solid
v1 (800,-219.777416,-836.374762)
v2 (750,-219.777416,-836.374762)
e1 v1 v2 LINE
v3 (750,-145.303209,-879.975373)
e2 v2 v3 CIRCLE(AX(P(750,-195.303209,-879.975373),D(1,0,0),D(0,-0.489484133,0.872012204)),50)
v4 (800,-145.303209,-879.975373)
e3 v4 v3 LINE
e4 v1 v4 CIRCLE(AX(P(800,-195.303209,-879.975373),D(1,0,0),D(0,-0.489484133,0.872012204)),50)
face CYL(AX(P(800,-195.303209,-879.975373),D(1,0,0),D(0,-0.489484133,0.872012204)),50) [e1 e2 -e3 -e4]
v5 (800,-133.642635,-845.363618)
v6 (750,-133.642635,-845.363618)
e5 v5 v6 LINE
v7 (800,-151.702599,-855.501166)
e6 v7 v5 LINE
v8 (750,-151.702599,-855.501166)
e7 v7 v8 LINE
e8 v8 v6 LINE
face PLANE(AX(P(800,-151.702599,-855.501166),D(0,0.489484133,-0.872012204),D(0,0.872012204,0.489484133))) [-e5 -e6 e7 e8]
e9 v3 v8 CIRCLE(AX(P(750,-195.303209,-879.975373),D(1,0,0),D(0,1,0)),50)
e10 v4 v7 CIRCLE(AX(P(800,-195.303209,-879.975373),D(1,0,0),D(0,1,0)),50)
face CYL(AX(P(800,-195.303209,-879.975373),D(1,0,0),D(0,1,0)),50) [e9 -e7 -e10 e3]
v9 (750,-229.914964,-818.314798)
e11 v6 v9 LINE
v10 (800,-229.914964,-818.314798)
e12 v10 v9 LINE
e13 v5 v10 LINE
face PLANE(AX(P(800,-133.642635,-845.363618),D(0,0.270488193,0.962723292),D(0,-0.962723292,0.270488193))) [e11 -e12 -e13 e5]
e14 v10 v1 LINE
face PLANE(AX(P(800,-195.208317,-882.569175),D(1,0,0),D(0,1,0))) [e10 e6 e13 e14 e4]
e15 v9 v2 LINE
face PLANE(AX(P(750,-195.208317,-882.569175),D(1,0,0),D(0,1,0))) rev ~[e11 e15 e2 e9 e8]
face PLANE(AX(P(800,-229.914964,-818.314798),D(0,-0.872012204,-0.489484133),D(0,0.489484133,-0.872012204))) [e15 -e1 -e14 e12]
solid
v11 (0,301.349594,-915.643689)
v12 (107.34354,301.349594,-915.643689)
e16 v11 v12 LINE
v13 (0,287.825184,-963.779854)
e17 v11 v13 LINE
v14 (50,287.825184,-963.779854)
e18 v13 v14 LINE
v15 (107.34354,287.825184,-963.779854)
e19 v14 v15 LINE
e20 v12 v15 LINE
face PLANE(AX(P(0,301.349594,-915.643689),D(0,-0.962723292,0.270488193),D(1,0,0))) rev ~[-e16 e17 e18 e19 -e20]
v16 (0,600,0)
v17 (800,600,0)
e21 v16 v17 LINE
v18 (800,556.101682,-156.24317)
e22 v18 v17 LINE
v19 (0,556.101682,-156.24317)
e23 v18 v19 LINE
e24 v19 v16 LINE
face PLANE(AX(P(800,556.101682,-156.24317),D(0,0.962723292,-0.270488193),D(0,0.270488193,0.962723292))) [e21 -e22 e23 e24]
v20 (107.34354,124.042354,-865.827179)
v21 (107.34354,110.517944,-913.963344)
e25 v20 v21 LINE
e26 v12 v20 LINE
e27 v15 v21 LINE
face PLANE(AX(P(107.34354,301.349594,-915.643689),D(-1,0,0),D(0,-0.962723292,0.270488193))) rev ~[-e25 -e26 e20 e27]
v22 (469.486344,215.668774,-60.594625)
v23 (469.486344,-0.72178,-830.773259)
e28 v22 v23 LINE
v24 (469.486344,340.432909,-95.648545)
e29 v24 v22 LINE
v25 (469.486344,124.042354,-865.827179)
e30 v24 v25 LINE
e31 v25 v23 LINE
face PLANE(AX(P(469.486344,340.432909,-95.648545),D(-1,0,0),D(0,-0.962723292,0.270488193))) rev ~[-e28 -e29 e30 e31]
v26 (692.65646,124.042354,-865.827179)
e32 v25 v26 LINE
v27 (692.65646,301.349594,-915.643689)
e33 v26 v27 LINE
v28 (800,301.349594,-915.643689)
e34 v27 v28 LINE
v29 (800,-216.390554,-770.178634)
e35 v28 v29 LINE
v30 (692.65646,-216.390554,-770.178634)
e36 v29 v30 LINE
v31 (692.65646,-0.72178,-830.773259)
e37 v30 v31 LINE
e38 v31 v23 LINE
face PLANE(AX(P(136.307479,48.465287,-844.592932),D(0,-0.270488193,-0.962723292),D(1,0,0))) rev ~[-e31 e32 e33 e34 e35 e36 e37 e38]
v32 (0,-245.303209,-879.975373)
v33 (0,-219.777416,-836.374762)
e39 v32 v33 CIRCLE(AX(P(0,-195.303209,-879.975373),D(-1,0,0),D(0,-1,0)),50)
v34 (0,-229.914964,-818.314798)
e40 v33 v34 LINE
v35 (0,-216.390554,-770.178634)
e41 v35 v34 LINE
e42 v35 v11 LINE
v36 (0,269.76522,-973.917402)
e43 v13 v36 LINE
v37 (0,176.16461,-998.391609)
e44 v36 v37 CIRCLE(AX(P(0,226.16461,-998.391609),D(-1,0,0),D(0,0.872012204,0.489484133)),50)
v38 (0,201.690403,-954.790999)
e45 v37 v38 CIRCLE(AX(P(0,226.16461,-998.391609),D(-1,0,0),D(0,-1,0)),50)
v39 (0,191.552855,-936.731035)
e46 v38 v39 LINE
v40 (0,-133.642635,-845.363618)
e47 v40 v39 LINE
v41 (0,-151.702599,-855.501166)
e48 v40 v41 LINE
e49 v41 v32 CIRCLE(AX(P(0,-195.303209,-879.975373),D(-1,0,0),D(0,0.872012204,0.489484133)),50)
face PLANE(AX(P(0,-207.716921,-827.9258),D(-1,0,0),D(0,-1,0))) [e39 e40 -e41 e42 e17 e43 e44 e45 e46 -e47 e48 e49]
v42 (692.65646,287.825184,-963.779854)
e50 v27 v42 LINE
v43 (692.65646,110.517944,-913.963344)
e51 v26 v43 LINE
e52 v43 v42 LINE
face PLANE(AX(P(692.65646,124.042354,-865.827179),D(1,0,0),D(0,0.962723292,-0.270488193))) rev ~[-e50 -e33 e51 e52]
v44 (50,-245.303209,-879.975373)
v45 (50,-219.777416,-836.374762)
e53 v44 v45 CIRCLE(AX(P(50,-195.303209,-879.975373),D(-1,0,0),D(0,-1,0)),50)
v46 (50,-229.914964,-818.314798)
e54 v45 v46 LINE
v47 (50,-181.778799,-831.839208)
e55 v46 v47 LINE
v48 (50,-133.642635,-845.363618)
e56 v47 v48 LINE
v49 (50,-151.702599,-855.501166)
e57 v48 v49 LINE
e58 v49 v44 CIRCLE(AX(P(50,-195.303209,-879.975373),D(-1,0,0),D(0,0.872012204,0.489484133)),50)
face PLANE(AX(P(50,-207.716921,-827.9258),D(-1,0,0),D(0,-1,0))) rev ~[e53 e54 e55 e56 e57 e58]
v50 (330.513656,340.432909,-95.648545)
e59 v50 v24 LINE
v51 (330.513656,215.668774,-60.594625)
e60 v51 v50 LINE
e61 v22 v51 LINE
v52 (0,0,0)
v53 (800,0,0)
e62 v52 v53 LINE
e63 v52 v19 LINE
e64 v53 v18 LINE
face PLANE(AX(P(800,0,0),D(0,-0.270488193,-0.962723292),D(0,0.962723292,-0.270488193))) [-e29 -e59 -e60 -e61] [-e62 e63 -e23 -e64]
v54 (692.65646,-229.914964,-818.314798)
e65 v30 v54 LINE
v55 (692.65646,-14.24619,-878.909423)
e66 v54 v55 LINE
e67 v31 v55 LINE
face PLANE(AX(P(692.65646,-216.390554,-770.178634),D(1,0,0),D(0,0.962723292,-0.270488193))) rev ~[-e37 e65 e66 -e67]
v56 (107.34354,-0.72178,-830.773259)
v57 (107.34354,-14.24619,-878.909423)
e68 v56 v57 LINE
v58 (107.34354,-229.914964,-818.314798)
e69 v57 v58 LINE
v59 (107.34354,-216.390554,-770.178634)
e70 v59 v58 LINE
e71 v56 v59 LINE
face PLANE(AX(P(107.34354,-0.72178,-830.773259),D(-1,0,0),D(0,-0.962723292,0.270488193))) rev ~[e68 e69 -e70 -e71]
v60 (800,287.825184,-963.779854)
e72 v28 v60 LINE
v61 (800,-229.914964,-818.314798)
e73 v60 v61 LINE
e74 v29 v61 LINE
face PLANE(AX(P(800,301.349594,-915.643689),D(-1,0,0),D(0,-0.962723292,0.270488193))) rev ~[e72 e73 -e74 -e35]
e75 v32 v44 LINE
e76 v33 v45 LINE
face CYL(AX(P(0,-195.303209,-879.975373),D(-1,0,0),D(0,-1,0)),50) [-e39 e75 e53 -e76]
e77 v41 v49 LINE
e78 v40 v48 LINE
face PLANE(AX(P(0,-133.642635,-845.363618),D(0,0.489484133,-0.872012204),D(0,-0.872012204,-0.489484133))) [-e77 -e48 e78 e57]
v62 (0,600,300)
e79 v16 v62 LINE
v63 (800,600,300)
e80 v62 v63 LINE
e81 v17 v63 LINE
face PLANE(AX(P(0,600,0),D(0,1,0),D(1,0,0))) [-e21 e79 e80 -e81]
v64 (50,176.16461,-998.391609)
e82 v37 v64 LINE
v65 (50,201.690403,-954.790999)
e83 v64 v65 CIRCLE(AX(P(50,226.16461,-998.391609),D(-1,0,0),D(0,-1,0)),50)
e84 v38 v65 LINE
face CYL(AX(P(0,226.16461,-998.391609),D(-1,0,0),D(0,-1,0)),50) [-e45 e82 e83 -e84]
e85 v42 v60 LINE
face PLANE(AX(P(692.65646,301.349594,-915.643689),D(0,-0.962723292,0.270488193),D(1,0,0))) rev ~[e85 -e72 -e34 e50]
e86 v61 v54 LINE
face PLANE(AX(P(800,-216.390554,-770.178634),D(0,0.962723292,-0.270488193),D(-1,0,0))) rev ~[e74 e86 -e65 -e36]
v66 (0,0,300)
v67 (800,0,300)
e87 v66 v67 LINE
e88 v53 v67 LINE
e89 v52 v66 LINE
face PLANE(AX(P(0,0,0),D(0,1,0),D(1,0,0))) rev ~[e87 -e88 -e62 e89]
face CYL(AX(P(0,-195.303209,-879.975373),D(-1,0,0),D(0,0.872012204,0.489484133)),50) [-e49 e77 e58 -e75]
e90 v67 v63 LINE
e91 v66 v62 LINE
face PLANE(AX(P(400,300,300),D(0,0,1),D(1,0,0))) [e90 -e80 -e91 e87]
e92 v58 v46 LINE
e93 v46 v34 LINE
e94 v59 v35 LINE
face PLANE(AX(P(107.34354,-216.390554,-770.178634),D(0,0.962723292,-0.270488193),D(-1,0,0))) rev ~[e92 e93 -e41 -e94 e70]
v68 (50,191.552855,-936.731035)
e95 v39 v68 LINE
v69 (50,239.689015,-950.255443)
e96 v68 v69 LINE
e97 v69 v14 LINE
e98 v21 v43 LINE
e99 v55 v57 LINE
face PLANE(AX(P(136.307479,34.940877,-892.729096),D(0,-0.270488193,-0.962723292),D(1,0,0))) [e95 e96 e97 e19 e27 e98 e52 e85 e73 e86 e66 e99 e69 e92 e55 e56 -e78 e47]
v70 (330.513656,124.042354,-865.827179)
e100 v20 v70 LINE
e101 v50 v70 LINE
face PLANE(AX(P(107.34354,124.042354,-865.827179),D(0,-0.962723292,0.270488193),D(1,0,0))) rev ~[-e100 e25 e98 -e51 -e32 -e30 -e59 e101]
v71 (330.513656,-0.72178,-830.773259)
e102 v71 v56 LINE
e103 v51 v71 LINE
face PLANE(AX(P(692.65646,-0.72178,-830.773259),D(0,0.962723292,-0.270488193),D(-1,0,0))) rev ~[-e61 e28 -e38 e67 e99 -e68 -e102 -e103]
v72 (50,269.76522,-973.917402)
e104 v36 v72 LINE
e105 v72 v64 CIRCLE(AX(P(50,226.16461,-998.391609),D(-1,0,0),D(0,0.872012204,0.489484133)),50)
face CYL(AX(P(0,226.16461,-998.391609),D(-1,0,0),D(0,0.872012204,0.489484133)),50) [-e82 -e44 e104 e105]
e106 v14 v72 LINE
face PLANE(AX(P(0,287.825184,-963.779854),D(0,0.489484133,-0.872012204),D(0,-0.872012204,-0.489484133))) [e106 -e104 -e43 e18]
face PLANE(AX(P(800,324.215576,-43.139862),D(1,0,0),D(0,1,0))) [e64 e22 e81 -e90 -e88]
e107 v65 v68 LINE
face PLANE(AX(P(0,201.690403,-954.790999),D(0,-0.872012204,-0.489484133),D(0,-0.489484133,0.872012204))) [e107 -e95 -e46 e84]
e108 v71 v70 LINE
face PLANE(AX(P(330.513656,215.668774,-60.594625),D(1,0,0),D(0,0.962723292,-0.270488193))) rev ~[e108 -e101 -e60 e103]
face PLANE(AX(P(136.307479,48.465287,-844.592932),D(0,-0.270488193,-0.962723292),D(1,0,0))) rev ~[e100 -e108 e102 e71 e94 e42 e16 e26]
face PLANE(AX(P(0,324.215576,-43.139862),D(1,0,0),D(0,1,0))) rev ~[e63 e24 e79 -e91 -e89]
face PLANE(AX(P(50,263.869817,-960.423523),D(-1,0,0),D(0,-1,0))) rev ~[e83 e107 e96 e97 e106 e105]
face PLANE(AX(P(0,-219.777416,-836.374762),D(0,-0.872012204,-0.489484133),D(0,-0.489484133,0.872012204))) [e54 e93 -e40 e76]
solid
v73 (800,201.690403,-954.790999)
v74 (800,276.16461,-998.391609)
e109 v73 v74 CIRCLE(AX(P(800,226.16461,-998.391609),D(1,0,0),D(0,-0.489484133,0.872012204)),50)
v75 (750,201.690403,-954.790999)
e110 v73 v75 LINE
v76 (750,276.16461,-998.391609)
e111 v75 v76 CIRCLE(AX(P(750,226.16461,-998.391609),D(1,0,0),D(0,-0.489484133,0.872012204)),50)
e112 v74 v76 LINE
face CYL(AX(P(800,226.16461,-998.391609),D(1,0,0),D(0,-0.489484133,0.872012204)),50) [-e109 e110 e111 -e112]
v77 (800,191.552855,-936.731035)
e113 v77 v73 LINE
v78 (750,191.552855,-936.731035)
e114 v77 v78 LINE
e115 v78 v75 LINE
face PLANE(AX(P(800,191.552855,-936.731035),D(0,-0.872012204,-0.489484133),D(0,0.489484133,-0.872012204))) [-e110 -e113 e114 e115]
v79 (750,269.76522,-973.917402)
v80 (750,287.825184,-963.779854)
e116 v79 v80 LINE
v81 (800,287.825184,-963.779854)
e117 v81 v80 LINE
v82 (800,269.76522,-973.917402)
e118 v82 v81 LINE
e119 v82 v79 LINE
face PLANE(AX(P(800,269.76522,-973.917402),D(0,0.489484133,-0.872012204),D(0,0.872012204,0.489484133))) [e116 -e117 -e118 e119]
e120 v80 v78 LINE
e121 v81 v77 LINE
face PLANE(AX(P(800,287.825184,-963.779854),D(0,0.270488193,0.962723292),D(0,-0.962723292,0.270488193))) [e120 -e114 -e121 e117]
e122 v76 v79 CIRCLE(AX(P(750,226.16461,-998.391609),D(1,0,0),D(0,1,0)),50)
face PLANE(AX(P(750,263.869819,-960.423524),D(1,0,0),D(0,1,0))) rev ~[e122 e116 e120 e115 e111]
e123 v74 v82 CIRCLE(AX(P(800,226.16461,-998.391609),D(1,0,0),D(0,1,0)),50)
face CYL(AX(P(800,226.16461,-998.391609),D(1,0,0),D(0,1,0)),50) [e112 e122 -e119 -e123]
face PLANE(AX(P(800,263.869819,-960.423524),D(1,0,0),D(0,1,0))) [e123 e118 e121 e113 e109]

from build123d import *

# Parameters (mm, degrees)
F0_W      = 800
F0_H      = 600
F1_DEPTH  = 300
F3_DEPTH  = 800
F4_W      = 69.4863438606
F4_H      = 64.7975049443
F5_DEPTH  = 800
F7_DEPTH  = 50
F9_DEPTH  = 50
F11_DEPTH = 50


with BuildPart() as f1:
    # F0 (on Top) → F1 (new body)
    with BuildSketch(Plane.XY):
        with Locations((400, 300)):
            Rectangle(F0_W, F0_H)
    extrude(amount=F1_DEPTH)

    # F2 (on face) → F3 (join)
    with BuildSketch(Plane.YZ.offset(800)):
        Polygon((600, 0), (0, 0), (556.1016824686, -156.2431702084), align=None)
    extrude(amount=-F3_DEPTH)

    # F4 (on face) → F5 (join)
    with BuildSketch(Plane(origin=(0, 0, 0), x_dir=(1, 0, 0), z_dir=(0, -0.270488193, -0.9627232923))):
        with Locations((365.2568280697, -256.4182352039)):
            Rectangle(F4_W, F4_H)
        with Locations((434.7431719303, -256.4182352039)):
            Rectangle(F4_W, F4_H)
        with Locations((434.7431719303, -321.2157401482)):
            Rectangle(F4_W, F4_H)
        with Locations((365.2568280697, -321.2157401482)):
            Rectangle(F4_W, F4_H)
    extrude(amount=F5_DEPTH)

    # F6 (on face) → F7 (join)
    with BuildSketch(Plane(origin=(0, -216.3905544, -770.1786338029), x_dir=(1, 0, 0), z_dir=(0, -0.270488193, -0.9627232923))):
        Polygon((107.3435395956, 0), (0, 0), (0, -537.7870798111), (107.3435395956, -537.7870798111), (107.3435395956, -353.6144926203), (330.5136561394, -353.6144926203), (400, -353.6144926203), (400, -224.0194827318), (330.5136561394, -224.0194827318), (107.3435395956, -224.0194827318), align=None)
        Polygon((469.4863438606, -224.0194827318), (400, -224.0194827318), (400, -353.6144926203), (469.4863438606, -353.6144926203), (692.6564604044, -353.6144926203), (692.6564604044, -537.7870798111), (800, -537.7870798111), (800, 0), (692.6564604044, 0), (692.6564604044, -224.0194827318), align=None)
    extrude(amount=F7_DEPTH)

    # F8 (on face) → F9 (join)
    with BuildSketch(Plane(origin=(0, 0, 0), x_dir=(0, -1, 0), z_dir=(-1, 0, 0))):
        with BuildLine():
            Line((219.7774157302, -836.3747624852), (229.91496405, -818.3147984155))
            Line((229.91496405, -818.3147984155), (181.7787994373, -831.8392080655))
            ThreePointArc((181.7787994373, -831.8392080655), (201.2291965173, -830.3277879134), (219.7774157302, -836.3747624852))
        make_face()
        with BuildLine():
            ThreePointArc((151.7025988943, -855.5011660354), (164.3873711275, -840.6789229246), (181.7787994373, -831.8392080655))
            Line((181.7787994373, -831.8392080655), (133.6426348247, -845.3636177156))
            Line((133.6426348247, -845.3636177156), (151.7025988943, -855.5011660354))
        make_face()
        with BuildLine():
            ThreePointArc((219.7774157302, -836.3747624852), (201.2291965173, -830.3277879134), (181.7787994373, -831.8392080655))
            Line((181.7787994373, -831.8392080655), (195.3032090873, -879.9753726782))
            Line((195.3032090873, -879.9753726782), (219.7774157302, -836.3747624852))
        make_face()
        with BuildLine():
            Line((195.3032090873, -879.9753726782), (181.7787994373, -831.8392080655))
            ThreePointArc((181.7787994373, -831.8392080655), (164.3873711275, -840.6789229246), (151.7025988943, -855.5011660354))
            Line((151.7025988943, -855.5011660354), (195.3032090873, -879.9753726782))
        make_face()
        with BuildLine():
            ThreePointArc((245.3032090873, -879.9753726782), (238.4524288494, -854.7138439452), (219.7774157302, -836.3747624852))
            Line((219.7774157302, -836.3747624852), (195.3032090873, -879.9753726782))
            Line((195.3032090873, -879.9753726782), (151.7025988943, -855.5011660354))
            ThreePointArc((151.7025988943, -855.5011660354), (182.6547014609, -928.3490768451), (245.3032090873, -879.9753726782))
        make_face()
        with BuildLine():
            Line((-239.6890150783, -950.2554430038), (-287.8251839572, -963.7798538524))
            Line((-287.8251839572, -963.7798538524), (-269.7652198875, -973.9174021722))
            ThreePointArc((-269.7652198875, -973.9174021722), (-257.0804459129, -959.0951576914), (-239.6890150783, -950.2554430038))
        make_face()
        with BuildLine():
            ThreePointArc((-239.6890150783, -950.2554430038), (-257.0804459129, -959.0951576914), (-269.7652198875, -973.9174021722))
            Line((-269.7652198875, -973.9174021722), (-226.1646096945, -998.3916088151))
            Line((-226.1646096945, -998.3916088151), (-201.6904030516, -954.7909986221))
            ThreePointArc((-201.6904030516, -954.7909986221), (-220.2386200645, -948.7440243129), (-239.6890150783, -950.2554430038))
        make_face()
        with BuildLine():
            Line((-226.1646096945, -998.3916088151), (-269.7652198875, -973.9174021722))
            ThreePointArc((-269.7652198875, -973.9174021722), (-238.8131173209, -1046.765312982), (-176.1646096945, -998.3916088151))
            ThreePointArc((-176.1646096945, -998.3916088151), (-183.0153899325, -973.1300800821), (-201.6904030516, -954.7909986221))
            Line((-201.6904030516, -954.7909986221), (-226.1646096945, -998.3916088151))
        make_face()
        with BuildLine():
            Line((-191.5528547318, -936.7310345524), (-239.6890150783, -950.2554430038))
            ThreePointArc((-239.6890150783, -950.2554430038), (-220.2386200645, -948.7440243129), (-201.6904030516, -954.7909986221))
            Line((-201.6904030516, -954.7909986221), (-191.5528547318, -936.7310345524))
        make_face()
    extrude(amount=-F9_DEPTH)


with BuildPart() as f11:
    # F10 (on face) → F11 (new body)
    with BuildSketch(Plane.YZ.offset(800)):
        with BuildLine():
            Line((269.7652198875, -973.9174021722), (287.8251839572, -963.7798538524))
            Line((287.8251839572, -963.7798538524), (239.6890193445, -950.2554442024))
            ThreePointArc((239.6890193445, -950.2554442024), (257.0804476543, -959.0951590614), (269.7652198875, -973.9174021722))
        make_face()
        with BuildLine():
            ThreePointArc((201.6904030516, -954.7909986221), (220.2386222645, -948.7440240503), (239.6890193445, -950.2554442024))
            Line((239.6890193445, -950.2554442024), (191.5528547318, -936.7310345524))
            Line((191.5528547318, -936.7310345524), (201.6904030516, -954.7909986221))
        make_face()
        with BuildLine():
            ThreePointArc((269.7652198875, -973.9174021722), (257.0804476543, -959.0951590614), (239.6890193445, -950.2554442024))
            Line((239.6890193445, -950.2554442024), (226.1646096945, -998.3916088151))
            Line((226.1646096945, -998.3916088151), (269.7652198875, -973.9174021722))
        make_face()
        with BuildLine():
            Line((226.1646096945, -998.3916088151), (239.6890193445, -950.2554442024))
            ThreePointArc((239.6890193445, -950.2554442024), (220.2386222645, -948.7440240503), (201.6904030516, -954.7909986221))
            Line((201.6904030516, -954.7909986221), (226.1646096945, -998.3916088151))
        make_face()
        with BuildLine():
            ThreePointArc((276.1646096945, -998.3916088151), (274.5383138614, -985.7431011887), (269.7652198875, -973.9174021722))
            Line((269.7652198875, -973.9174021722), (226.1646096945, -998.3916088151))
            Line((226.1646096945, -998.3916088151), (201.6904030516, -954.7909986221))
            ThreePointArc((201.6904030516, -954.7909986221), (200.9030809615, -1041.5408285771), (276.1646096945, -998.3916088151))
        make_face()
    extrude(amount=-F11_DEPTH)


with BuildPart() as f11b:
    # F10 (on face) → F11, piece 2 (new body)
    with BuildSketch(Plane.YZ.offset(800)):
        with BuildLine():
            ThreePointArc((-219.7774157302, -836.3747624852), (-220.5647378203, -923.1245924403), (-145.3032090873, -879.9753726782))
            ThreePointArc((-145.3032090873, -879.9753726782), (-146.9295049205, -867.3268650518), (-151.7025988943, -855.5011660354))
            Line((-151.7025988943, -855.5011660354), (-195.3032090873, -879.9753726782))
            Line((-195.3032090873, -879.9753726782), (-219.7774157302, -836.3747624852))
        make_face()
        with BuildLine():
            Line((-195.3032090873, -879.9753726782), (-151.7025988943, -855.5011660354))
            ThreePointArc((-151.7025988943, -855.5011660354), (-164.3873715072, -840.6789226258), (-181.7788003675, -831.8392078042))
            ThreePointArc((-181.7788003675, -831.8392078042), (-201.229196997, -830.3277879707), (-219.7774157302, -836.3747624852))
            Line((-219.7774157302, -836.3747624852), (-195.3032090873, -879.9753726782))
        make_face()
        with BuildLine():
            ThreePointArc((-181.7788003675, -831.8392078042), (-164.3873715072, -840.6789226258), (-151.7025988943, -855.5011660354))
            Line((-151.7025988943, -855.5011660354), (-133.6426348247, -845.3636177156))
            Line((-133.6426348247, -845.3636177156), (-181.7788003675, -831.8392078042))
        make_face()
        with BuildLine():
            Line((-229.91496405, -818.3147984155), (-219.7774157302, -836.3747624852))
            ThreePointArc((-219.7774157302, -836.3747624852), (-201.229196997, -830.3277879707), (-181.7788003675, -831.8392078042))
            Line((-181.7788003675, -831.8392078042), (-229.91496405, -818.3147984155))
        make_face()
    extrude(amount=-F11_DEPTH)


solid = Compound([f1.part, f11.part, f11b.part])
